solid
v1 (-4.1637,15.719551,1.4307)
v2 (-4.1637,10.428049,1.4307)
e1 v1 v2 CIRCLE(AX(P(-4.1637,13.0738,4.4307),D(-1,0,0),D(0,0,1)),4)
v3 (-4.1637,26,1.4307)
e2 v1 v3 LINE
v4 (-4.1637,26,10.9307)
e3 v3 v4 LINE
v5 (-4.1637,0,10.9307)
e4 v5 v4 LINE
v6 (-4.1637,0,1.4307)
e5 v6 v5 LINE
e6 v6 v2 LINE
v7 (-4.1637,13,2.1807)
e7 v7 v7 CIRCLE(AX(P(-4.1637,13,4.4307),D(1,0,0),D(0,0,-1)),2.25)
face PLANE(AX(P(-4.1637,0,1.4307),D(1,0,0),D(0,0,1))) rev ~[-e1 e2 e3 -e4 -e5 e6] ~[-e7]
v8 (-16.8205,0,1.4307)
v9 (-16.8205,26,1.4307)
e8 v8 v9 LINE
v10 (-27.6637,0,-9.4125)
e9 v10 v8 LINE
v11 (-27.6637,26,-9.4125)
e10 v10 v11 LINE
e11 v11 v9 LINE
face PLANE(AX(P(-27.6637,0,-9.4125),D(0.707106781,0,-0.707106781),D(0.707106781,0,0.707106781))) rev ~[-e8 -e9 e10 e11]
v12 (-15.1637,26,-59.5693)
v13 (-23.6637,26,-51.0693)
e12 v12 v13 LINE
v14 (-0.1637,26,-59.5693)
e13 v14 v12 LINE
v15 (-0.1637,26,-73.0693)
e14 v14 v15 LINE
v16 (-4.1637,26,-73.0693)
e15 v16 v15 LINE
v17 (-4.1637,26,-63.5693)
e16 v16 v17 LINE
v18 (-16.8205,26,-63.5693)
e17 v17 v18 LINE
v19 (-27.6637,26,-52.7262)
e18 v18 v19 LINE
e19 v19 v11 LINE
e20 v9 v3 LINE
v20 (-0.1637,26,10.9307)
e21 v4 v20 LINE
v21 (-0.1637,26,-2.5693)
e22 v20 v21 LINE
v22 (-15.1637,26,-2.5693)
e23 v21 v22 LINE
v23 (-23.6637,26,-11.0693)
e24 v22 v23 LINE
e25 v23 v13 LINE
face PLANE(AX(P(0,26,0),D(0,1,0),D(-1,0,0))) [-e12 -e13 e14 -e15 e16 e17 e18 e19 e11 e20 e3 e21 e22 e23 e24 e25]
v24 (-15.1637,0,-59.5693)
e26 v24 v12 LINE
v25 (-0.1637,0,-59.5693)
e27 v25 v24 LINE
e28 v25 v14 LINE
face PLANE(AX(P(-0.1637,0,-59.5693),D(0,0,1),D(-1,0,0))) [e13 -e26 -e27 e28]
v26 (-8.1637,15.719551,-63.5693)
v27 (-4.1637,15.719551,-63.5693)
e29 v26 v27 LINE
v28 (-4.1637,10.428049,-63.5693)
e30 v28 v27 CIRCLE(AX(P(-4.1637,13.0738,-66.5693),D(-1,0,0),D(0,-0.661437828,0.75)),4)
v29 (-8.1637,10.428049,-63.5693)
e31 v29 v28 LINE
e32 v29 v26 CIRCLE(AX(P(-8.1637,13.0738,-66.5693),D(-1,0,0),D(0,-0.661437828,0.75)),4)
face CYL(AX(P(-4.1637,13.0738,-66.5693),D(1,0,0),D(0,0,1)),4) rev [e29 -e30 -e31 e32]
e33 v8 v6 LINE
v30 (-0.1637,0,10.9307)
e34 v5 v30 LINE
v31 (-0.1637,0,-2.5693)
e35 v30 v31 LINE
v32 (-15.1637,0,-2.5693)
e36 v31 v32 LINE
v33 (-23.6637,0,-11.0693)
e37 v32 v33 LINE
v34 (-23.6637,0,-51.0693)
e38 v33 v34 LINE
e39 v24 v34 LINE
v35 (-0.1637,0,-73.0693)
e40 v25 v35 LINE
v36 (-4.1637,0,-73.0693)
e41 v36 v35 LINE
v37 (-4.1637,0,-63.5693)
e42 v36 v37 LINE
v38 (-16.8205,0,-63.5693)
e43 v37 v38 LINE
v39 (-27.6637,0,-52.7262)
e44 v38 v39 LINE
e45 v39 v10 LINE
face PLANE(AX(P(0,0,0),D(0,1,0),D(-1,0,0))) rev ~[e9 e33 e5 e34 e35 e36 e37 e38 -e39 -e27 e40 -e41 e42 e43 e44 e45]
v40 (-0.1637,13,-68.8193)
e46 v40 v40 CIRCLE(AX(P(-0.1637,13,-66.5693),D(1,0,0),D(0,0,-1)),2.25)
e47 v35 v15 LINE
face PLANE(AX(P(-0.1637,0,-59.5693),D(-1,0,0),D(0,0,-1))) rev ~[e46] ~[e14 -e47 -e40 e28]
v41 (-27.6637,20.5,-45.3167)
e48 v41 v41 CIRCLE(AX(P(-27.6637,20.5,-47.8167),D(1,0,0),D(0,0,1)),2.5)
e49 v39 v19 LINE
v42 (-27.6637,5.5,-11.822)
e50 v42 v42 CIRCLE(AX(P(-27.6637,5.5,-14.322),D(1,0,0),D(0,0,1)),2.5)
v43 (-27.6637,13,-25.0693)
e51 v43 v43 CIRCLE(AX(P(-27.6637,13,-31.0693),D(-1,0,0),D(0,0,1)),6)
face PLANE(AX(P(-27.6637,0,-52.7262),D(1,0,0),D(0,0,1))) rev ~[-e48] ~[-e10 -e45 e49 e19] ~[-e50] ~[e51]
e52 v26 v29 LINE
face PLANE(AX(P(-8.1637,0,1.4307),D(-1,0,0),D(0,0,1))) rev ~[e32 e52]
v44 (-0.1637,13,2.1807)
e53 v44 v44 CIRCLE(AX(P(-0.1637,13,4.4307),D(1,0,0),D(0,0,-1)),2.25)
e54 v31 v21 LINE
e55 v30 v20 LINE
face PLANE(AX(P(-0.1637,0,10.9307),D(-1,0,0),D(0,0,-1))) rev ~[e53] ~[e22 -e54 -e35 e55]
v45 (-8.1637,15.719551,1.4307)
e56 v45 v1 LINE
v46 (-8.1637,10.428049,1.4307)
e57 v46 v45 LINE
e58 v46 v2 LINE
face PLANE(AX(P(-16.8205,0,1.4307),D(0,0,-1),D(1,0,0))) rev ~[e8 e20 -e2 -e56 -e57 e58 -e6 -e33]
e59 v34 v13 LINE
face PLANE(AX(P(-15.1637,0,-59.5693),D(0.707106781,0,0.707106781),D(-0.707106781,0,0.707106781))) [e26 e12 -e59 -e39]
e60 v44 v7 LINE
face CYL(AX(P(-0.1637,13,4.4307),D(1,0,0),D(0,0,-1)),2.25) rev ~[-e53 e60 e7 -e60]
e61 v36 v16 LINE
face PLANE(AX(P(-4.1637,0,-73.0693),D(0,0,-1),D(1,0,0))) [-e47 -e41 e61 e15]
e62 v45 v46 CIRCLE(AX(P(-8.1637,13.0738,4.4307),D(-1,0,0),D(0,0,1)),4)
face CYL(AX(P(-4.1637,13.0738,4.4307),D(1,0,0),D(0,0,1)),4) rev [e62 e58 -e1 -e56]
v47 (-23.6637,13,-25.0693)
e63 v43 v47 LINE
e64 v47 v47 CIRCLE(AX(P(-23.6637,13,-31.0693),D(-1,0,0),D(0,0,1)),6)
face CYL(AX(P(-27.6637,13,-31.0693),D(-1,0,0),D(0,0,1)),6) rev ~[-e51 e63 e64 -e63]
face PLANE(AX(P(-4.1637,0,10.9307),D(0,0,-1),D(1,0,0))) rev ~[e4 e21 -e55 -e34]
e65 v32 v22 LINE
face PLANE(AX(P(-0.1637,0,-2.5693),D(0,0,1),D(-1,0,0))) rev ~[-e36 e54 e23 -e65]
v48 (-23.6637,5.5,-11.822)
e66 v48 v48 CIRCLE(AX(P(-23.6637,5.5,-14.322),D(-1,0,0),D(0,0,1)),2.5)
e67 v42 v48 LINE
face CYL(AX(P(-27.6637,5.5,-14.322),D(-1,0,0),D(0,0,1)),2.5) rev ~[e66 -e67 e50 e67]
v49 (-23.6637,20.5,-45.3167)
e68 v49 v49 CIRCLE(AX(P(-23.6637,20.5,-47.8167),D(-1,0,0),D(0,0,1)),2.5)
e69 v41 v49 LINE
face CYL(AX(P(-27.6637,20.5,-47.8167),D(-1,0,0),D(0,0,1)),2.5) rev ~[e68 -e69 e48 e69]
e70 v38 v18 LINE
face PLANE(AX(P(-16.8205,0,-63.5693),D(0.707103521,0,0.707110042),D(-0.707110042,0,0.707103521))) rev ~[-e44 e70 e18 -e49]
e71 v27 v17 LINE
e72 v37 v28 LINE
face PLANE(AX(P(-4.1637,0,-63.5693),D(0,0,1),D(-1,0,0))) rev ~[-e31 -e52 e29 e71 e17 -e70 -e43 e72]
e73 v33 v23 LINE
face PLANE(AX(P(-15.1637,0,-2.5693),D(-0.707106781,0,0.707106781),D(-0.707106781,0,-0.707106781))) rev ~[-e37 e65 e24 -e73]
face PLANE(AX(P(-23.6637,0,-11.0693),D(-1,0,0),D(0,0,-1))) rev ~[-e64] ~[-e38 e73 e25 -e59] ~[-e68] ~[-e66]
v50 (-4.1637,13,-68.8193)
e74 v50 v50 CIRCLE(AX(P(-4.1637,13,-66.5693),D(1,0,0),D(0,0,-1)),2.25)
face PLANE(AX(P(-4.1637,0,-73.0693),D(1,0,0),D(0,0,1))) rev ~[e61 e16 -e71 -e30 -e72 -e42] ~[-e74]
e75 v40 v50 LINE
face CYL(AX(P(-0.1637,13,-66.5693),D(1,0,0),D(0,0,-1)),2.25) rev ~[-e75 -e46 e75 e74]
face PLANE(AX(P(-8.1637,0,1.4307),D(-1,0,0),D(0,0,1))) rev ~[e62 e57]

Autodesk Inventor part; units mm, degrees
ref_plane "YZ Plane" through (0, 0, 0) normal (1, 0, 0) x (0, 1, 0)
ref_plane "XZ Plane" through (0, 0, 0) normal (0, 1, 0) x (-1, 0, 0)
ref_plane "XY Plane" through (0, 0, 0) normal (0, 0, 1) x (1, 0, 0)
sketch "Sketch1" plane through (0, 0, 0) normal (0, 1, 0) x (-1, 0, 0)
  line L0 (0.1637, 10.9307) -> (0.1637, -2.5693)
  line L1 (0.1637, -59.5693) -> (0.1637, -73.0693)
  line L2 (0.1637, -2.5693) -> (15.1637, -2.5693)
  line L3 (0.1637, -59.5693) -> (15.1637, -59.5693)
  line L4 (15.1637, -2.5693) -> (23.6637, -11.0693)
  line L5 (15.1637, -59.5693) -> (23.6637, -51.0693)
  line L6 (23.6637, -11.0693) -> (23.6637, -51.0693)
  line L7 (4.1637, -73.0693) -> (4.1637, -63.5693)
  line L8 (4.1637, -63.5693) -> (16.8205, -63.5693)
  line L9 (16.8205, -63.5693) -> (27.6637, -52.7262)
  line L10 (27.6637, -52.7262) -> (27.6637, -9.4125)
  line L11 (27.6637, -9.4125) -> (16.8205, 1.4307)
  line L12 (16.8205, 1.4307) -> (4.1637, 1.4307)
  line L13 (4.1637, 1.4307) -> (4.1637, 10.9307)
  line L14 (4.1637, 10.9307) -> (0.1637, 10.9307)
  line L15 (4.1637, -73.0693) -> (0.1637, -73.0693)
  point P0 (0, 0)
  point P1 (0.1637, 4.1807)
  dimension "d5" = 13.5
  dimension "d6" = 13.5
  dimension "d98" = 0
  dimension "d100" = 15
  dimension "d101" = 15
  dimension "d103" = 135
  dimension "d104" = 135
  dimension "d106" = 23.5
  dimension "d107" = 4
  dimension "d111" = 84
extrude "Extrusion1" add sketch "Sketch1" along normal blind 26
sketch "Sketch2" plane through (-0.1637, 0, 10.9307) normal (1, 0, 0) x (0, 0, -1)
  circle A0 centre (6.5, 13) radius 2.25
  line L0 (0, 0) -> (0, 26) projected
  line L1 (0, 0) -> (13.5, 0) projected
  circle A1 centre (77.5, 13) radius 2.25
  point P0 (10.9307, 0)
  dimension "d23" = 4.5
  dimension "d29" = 6.5
  dimension "d30" = 13
  dimension "d93" = 71
extrude "Extrusion2" cut sketch "Sketch2" against normal blind 10
sketch "Sketch7" plane through (-27.6637, 0, -52.7262) normal (-1, 0, 0) x (0, 0, 1)
  circle A0 centre (21.6569, 13) radius 6
  line L0 (63.6569, 0) -> (63.6569, 26) projected
  line L1 (0, 0) -> (43.3137, 0) projected
  point P0 (52.7262, 0)
  point P1 (21.6569, 0)
  dimension "d108" = 12
  dimension "d109" = 42
  dimension "d110" = 13
extrude "Extrusion7" cut sketch "Sketch7" against normal blind 10
sketch "Sketch8" plane through (-27.6637, 0, -52.7262) normal (-1, 0, 0) x (0, 0, 1)
  circle A0 centre (21.6569, 13) radius 6 projected
  circle A1 centre (21.6569, 13) radius 18.35
  circle A2 centre (38.4042, 5.5) radius 2.5
  line L0 (0, 0) -> (43.3137, 0) projected
  circle A3 centre (4.9095, 20.5) radius 2.5
  point P0 (52.7262, 0)
  dimension "d114" = 36.7
  dimension "d115" = 5
  dimension "d116" = 5.5
  dimension "d119" = 360
extrude "Extrusion8" cut sketch "Sketch8" against normal blind 10 contours A3 A1 | A1 A3 | A2 A1 | A1 A2
sketch "Sketch9" plane through (-4.1637, 0, 1.4307) normal (-1, 0, 0) x (0, 0, 1)
  circle A0 centre (3, 13.0738) radius 4
  circle A1 centre (-68, 13.0738) radius 4
  point P0 (-1.4307, 0)
  dimension "d123" = 8
  dimension "d124" = 8
extrude "Extrusion9" cut sketch "Sketch9" along normal blind 4
equation "\"d5\" = d6"
equation "\"d29\" = -0.5 * d33 + 0.5 * d17"
equation "\"d30\" = 0.5 * d20"
equation "\"d33\" = 71"
equation "\"d17\" = 84"
equation "\"d20\" = 26"
properties part number "Pulley Bearing Support.-3"
